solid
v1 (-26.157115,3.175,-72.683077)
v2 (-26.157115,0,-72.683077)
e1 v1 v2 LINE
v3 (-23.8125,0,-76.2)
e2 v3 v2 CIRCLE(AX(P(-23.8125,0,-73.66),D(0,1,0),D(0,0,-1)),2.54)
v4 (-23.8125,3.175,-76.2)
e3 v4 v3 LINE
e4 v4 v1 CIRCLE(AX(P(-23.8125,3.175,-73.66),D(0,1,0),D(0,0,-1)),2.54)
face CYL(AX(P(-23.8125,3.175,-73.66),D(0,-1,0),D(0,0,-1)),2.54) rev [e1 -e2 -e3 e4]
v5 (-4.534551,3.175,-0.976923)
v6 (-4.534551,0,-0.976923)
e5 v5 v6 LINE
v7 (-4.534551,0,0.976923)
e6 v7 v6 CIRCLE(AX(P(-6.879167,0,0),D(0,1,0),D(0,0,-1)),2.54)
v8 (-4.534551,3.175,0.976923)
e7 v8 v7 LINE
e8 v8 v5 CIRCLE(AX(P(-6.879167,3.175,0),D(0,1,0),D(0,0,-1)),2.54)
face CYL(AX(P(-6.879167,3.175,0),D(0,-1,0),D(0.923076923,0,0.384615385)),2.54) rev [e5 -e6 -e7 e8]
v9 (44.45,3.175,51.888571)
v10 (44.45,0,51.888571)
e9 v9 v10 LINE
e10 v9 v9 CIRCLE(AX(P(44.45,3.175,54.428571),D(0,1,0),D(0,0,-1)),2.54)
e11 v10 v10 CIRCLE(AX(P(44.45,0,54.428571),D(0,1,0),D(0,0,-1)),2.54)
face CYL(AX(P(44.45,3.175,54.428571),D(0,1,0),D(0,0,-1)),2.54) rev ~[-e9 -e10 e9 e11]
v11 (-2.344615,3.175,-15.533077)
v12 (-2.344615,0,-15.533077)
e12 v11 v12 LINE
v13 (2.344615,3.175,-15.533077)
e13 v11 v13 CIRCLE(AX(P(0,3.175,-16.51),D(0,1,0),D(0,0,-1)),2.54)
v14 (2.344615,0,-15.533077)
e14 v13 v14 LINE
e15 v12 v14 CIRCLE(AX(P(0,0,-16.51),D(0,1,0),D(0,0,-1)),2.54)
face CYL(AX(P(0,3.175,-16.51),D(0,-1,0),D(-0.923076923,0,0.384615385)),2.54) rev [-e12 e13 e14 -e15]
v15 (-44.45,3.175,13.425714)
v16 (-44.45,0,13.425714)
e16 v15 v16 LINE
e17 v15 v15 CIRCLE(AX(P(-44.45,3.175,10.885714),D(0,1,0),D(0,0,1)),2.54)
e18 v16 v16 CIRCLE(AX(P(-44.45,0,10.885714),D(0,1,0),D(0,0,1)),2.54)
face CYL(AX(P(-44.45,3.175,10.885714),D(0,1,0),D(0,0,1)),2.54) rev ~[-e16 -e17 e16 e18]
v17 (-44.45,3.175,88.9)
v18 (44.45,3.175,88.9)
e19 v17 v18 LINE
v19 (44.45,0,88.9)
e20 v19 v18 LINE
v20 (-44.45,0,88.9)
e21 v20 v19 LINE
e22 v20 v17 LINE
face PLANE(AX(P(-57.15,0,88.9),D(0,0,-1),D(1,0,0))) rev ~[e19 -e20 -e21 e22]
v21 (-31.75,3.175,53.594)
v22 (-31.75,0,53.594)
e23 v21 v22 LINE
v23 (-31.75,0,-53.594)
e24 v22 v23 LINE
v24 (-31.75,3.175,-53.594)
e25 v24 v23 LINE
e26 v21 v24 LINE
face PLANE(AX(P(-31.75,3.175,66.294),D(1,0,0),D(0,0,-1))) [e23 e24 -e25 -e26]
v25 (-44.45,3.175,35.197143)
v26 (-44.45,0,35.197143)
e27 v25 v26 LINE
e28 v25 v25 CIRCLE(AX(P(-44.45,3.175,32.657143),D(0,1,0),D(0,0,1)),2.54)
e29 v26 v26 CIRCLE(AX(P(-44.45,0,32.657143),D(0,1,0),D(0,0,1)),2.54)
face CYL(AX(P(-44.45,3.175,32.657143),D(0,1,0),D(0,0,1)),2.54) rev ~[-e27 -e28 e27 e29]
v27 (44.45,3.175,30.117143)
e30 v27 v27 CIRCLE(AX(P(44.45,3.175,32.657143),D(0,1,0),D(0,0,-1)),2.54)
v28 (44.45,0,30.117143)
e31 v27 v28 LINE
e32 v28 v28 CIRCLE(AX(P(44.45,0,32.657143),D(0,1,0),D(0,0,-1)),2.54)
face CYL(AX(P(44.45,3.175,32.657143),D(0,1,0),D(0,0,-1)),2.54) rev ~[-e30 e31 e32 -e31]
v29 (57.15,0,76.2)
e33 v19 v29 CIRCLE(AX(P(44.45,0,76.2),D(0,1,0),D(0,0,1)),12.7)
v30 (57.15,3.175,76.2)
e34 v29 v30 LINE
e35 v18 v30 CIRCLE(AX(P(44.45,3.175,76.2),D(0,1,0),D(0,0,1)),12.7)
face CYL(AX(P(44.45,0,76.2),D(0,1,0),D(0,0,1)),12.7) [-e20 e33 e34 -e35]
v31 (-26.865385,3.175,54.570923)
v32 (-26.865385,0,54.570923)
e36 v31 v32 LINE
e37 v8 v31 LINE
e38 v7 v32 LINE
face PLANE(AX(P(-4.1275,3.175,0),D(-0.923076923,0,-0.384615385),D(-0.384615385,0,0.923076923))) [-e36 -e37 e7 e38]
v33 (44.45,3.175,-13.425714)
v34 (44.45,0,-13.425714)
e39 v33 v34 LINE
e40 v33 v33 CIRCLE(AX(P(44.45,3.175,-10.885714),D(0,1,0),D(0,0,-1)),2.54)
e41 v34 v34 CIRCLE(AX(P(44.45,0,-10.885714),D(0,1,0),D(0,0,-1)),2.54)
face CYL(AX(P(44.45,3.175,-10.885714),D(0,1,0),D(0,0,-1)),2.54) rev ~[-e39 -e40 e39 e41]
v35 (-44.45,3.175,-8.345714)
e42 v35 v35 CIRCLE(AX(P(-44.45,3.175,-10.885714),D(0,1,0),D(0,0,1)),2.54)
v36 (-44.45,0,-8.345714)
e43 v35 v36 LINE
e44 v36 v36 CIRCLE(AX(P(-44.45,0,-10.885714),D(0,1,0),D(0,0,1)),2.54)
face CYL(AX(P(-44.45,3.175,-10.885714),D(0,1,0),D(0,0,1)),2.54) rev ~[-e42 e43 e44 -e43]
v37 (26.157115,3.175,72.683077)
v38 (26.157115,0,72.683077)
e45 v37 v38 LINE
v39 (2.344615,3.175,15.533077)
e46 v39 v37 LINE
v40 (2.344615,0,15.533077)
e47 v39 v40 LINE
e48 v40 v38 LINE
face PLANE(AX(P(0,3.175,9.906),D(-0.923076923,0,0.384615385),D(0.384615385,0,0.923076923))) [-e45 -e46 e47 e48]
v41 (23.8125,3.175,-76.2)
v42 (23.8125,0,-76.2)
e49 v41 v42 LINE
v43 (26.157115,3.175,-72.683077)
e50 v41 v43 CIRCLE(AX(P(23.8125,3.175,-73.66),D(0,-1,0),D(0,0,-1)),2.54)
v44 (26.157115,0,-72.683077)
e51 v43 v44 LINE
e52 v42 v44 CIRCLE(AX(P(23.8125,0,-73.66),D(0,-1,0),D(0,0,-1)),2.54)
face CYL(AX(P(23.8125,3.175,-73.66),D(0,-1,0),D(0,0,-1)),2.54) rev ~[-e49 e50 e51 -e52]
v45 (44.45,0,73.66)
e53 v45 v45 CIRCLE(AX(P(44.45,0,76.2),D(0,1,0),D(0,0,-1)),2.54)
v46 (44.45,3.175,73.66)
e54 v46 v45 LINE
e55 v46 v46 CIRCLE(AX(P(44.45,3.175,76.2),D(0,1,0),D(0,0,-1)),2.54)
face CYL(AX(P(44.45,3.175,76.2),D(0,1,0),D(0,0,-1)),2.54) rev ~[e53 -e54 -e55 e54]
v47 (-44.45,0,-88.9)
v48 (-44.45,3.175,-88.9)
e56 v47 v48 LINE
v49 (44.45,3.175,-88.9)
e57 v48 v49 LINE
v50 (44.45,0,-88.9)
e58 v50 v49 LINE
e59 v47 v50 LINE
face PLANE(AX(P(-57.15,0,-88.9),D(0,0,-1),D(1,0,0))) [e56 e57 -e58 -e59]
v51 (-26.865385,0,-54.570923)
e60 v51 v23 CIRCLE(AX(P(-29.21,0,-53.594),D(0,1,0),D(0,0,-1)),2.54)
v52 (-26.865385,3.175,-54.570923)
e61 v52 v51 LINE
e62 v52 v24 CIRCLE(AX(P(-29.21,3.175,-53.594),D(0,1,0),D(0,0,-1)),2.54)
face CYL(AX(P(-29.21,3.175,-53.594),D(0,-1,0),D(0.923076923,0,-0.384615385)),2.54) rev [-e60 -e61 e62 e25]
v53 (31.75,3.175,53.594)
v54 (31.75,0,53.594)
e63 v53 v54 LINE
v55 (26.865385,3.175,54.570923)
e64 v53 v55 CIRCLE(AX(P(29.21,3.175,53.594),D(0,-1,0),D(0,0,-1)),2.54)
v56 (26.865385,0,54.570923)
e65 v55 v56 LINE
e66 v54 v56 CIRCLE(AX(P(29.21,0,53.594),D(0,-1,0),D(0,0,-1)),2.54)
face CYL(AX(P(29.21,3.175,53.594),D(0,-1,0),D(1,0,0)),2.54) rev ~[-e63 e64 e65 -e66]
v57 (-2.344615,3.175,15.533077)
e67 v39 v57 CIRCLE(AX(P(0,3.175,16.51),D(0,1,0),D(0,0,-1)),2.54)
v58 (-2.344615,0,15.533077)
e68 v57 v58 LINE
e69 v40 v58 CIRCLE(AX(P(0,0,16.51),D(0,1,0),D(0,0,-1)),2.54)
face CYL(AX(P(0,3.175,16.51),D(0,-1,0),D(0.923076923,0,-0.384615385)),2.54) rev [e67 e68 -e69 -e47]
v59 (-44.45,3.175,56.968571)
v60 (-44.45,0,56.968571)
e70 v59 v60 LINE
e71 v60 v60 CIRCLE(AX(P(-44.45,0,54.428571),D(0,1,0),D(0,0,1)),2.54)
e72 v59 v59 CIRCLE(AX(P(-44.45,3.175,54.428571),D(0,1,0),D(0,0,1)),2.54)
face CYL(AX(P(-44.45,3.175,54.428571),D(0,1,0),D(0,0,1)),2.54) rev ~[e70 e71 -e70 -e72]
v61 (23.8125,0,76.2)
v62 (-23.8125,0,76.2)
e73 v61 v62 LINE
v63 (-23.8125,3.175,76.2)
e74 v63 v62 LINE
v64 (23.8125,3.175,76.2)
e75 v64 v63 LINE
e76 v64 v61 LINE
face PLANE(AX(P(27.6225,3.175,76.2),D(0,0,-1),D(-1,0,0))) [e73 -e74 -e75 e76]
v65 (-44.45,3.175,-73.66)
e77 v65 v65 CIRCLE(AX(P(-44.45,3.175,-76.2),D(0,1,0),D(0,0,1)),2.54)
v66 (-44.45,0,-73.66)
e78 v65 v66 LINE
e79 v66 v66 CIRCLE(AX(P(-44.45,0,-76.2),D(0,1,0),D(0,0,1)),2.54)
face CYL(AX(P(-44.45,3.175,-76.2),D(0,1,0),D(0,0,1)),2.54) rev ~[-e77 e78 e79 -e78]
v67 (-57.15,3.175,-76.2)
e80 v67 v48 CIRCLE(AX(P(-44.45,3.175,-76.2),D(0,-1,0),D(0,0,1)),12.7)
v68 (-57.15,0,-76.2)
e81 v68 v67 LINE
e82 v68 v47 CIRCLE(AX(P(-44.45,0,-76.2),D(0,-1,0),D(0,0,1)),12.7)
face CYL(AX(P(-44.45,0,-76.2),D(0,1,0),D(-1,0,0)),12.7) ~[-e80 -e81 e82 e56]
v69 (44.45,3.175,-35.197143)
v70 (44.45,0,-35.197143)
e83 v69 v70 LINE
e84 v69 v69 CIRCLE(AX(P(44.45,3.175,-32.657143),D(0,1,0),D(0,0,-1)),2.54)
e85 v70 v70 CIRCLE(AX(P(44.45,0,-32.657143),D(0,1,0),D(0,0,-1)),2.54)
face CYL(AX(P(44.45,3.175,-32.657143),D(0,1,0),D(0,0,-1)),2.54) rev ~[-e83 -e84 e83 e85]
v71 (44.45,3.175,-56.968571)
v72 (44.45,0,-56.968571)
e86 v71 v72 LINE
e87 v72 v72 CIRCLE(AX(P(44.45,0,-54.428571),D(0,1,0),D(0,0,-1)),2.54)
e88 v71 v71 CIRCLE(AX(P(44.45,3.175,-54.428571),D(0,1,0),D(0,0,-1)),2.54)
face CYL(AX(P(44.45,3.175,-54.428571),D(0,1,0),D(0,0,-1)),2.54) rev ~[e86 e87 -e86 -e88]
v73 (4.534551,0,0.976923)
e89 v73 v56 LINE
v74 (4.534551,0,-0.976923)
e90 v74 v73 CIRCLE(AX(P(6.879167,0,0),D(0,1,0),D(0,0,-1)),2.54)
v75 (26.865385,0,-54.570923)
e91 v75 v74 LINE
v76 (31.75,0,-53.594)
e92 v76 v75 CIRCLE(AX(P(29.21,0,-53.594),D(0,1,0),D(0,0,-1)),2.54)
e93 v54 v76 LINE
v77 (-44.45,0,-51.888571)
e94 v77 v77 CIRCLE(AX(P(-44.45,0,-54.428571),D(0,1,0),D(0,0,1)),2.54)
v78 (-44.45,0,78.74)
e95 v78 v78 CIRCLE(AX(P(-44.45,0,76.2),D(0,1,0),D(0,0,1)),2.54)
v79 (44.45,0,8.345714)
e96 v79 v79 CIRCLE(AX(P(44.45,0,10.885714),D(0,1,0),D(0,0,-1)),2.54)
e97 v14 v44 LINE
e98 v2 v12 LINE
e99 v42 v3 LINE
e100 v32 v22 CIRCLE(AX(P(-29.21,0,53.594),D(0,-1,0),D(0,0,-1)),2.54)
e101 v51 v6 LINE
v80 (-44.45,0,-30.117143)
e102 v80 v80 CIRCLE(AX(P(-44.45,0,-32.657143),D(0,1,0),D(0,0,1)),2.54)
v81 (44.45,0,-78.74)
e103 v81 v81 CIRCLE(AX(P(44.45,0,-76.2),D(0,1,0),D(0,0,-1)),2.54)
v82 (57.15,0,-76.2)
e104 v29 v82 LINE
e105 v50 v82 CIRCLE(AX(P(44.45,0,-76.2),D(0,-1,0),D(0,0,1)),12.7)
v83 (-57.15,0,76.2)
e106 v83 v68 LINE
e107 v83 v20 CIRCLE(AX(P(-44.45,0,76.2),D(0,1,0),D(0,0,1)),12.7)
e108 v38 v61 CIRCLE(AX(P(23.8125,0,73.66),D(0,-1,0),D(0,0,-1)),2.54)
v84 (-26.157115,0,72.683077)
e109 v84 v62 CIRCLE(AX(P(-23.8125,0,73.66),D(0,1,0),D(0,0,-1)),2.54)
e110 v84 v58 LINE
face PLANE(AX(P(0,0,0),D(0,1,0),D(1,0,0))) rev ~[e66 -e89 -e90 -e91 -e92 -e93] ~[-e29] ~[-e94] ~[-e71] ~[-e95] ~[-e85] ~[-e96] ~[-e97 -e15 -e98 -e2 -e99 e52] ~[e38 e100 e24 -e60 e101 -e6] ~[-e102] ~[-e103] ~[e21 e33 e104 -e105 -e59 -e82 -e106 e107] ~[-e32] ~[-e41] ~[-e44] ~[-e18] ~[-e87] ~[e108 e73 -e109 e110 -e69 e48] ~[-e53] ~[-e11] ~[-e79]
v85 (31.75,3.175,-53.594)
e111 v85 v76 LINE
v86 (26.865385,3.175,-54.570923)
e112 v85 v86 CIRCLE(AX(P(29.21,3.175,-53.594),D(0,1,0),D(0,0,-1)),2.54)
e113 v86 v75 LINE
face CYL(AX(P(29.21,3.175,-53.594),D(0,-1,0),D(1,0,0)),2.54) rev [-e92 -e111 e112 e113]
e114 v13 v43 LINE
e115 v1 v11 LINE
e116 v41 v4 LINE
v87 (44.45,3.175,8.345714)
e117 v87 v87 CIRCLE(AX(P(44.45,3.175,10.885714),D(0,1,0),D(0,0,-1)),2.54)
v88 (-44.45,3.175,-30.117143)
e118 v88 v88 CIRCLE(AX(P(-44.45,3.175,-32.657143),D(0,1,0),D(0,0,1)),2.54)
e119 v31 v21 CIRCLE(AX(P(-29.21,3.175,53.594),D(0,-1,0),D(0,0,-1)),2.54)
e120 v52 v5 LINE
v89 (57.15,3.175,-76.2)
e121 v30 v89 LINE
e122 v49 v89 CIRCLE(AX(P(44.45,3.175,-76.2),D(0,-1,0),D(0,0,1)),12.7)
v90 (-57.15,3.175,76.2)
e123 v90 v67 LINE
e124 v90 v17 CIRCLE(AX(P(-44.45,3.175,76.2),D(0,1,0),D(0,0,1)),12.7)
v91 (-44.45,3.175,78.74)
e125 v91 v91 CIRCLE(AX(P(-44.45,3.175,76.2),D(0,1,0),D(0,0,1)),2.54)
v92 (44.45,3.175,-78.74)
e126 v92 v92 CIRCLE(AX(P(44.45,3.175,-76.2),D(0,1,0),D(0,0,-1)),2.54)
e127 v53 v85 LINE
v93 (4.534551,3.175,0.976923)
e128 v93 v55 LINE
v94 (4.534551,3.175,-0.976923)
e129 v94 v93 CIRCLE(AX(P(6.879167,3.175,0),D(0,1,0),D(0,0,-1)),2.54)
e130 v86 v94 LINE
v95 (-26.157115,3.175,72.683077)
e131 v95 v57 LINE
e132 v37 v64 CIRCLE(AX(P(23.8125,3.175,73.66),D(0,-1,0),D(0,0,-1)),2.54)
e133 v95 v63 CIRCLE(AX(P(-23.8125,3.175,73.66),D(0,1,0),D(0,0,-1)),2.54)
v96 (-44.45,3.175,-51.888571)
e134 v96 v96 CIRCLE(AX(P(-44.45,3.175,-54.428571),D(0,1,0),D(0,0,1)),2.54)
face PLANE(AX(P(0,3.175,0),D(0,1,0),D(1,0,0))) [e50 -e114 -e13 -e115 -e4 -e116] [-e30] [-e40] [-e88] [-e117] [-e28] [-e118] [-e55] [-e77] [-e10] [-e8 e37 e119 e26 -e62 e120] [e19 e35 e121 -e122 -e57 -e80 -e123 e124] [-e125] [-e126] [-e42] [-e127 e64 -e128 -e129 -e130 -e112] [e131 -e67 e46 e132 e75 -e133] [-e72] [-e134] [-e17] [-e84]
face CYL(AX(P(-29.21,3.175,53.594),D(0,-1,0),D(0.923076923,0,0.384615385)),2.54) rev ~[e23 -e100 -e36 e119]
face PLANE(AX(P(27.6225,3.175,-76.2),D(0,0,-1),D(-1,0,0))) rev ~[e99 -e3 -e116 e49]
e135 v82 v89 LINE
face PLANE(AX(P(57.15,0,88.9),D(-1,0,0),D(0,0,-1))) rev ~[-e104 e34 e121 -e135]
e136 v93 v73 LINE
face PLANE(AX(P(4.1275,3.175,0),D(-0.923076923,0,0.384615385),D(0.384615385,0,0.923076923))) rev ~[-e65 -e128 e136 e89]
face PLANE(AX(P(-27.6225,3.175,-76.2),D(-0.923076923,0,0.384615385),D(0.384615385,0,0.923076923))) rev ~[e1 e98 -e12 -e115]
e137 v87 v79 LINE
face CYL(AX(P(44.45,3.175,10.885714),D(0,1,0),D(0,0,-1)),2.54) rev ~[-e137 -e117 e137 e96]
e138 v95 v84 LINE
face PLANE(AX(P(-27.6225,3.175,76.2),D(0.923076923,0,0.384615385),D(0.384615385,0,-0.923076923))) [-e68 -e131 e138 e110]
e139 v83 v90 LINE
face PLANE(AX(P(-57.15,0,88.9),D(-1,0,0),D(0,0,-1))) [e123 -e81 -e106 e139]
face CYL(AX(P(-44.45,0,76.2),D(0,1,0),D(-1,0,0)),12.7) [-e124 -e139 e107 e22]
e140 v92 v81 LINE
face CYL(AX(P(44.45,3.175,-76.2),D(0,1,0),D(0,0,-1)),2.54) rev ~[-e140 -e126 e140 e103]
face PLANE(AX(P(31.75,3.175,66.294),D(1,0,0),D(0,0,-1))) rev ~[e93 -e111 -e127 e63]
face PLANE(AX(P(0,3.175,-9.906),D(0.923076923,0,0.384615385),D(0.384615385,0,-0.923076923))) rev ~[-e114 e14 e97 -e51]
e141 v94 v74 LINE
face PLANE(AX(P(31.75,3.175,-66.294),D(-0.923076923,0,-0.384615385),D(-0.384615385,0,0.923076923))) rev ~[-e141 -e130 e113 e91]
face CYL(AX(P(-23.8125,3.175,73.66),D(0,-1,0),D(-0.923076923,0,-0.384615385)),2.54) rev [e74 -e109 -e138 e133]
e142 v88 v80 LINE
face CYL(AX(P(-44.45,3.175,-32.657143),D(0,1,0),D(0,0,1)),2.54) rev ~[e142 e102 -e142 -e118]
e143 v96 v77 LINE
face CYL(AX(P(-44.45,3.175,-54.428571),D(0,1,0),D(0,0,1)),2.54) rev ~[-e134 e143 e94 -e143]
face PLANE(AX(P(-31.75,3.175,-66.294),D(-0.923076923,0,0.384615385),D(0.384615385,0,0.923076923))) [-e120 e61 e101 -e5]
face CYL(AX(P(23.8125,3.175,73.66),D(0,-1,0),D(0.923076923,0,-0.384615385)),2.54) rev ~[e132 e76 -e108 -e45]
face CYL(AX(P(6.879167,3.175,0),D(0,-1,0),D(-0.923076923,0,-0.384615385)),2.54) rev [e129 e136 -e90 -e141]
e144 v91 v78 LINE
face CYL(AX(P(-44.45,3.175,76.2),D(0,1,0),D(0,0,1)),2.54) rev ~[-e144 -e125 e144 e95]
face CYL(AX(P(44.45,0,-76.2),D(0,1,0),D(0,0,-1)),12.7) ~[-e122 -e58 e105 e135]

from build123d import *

# Parameters (mm, degrees)
SKETCH1_W           = 114.3
SKETCH1_H           = 177.8
BOSS_EXTRUDE1_DEPTH = 3.175
SKETCH2_R           = 2.54
CUT_EXTRUDE1_DEPTH  = 3.175
FILLET1_R           = 12.7
CUT_EXTRUDE2_DEPTH  = 106.732743864
FILLET2_R           = 2.54


with BuildPart() as part:
    # Sketch1 → Boss-Extrude1 (new body)
    with BuildSketch(Plane(origin=(0, 0, 0), x_dir=(1, 0, 0), z_dir=(0, 1, 0))):
        Rectangle(SKETCH1_W, SKETCH1_H)
    extrude(amount=BOSS_EXTRUDE1_DEPTH)

    # Sketch2 → Cut-Extrude1 (cut)
    with BuildSketch(Plane(origin=(0, 3.175, 0), x_dir=(1, 0, 0), z_dir=(0, 1, 0))):
        with Locations(Location((-44.45, 76.2, 0), (0, 0, 270))):
            Circle(SKETCH2_R)
        with Locations(Location((-44.45, 54.428571429, 0), (0, 0, 270))):
            Circle(SKETCH2_R)
        with Locations(Location((-44.45, 32.657142857, 0), (0, 0, 270))):
            Circle(SKETCH2_R)
        with Locations(Location((-44.45, 10.885714286, 0), (0, 0, 270))):
            Circle(SKETCH2_R)
        with Locations(Location((-44.45, -10.885714286, 0), (0, 0, 270))):
            Circle(SKETCH2_R)
        with Locations(Location((-44.45, -32.657142857, 0), (0, 0, 270))):
            Circle(SKETCH2_R)
        with Locations(Location((-44.45, -54.428571429, 0), (0, 0, 270))):
            Circle(SKETCH2_R)
        with Locations(Location((-44.45, -76.2, 0), (0, 0, 270))):
            Circle(SKETCH2_R)
        with Locations(Location((44.45, -76.2, 0), (0, 0, 90))):
            Circle(SKETCH2_R)
        with Locations(Location((44.45, -54.428571429, 0), (0, 0, 90))):
            Circle(SKETCH2_R)
        with Locations(Location((44.45, -32.657142857, 0), (0, 0, 90))):
            Circle(SKETCH2_R)
        with Locations(Location((44.45, -10.885714286, 0), (0, 0, 90))):
            Circle(SKETCH2_R)
        with Locations(Location((44.45, 10.885714286, 0), (0, 0, 90))):
            Circle(SKETCH2_R)
        with Locations(Location((44.45, 32.657142857, 0), (0, 0, 90))):
            Circle(SKETCH2_R)
        with Locations(Location((44.45, 54.428571429, 0), (0, 0, 90))):
            Circle(SKETCH2_R)
        with Locations(Location((44.45, 76.2, 0), (0, 0, 90))):
            Circle(SKETCH2_R)
    extrude(amount=-CUT_EXTRUDE1_DEPTH, mode=Mode.SUBTRACT)

    # Fillet1
    fillet1_edges = [part.edges().sort_by_distance(p)[0] for p in [
        (57.15, 1.5875, 88.9),
        (-57.15, 1.5875, 88.9),
        (-57.15, 1.5875, -88.9),
        (57.15, 1.5875, -88.9),
    ]]
    fillet(fillet1_edges, radius=FILLET1_R)

    # Sketch3 → Cut-Extrude2 (cut, through all)
    with BuildSketch(Plane(origin=(0, 3.175, 0), x_dir=(1, 0, 0), z_dir=(0, 1, 0))):
        Polygon((27.6225, -76.2), (-27.6225, -76.2), (0, -9.906), align=None)
        Polygon((31.75, -66.294), (31.75, 66.294), (4.1275, 0), align=None)
        Polygon((27.6225, 76.2), (-27.6225, 76.2), (0, 9.906), align=None)
        Polygon((-31.75, -66.294), (-31.75, 66.294), (-4.1275, 0), align=None)
    extrude(amount=-CUT_EXTRUDE2_DEPTH, mode=Mode.SUBTRACT)

    # Fillet2
    fillet2_edges = [part.edges().sort_by_distance(p)[0] for p in [
        (31.75, 1.5875, 66.294),
        (4.1275, 1.5875, 0),
        (31.75, 1.5875, -66.294),
        (-4.1275, 1.5875, 0),
        (-31.75, 1.5875, 66.294),
        (-31.75, 1.5875, -66.294),
        (0, 1.5875, -9.906),
        (-27.6225, 1.5875, -76.2),
        (27.6225, 1.5875, -76.2),
        (0, 1.5875, 9.906),
        (27.6225, 1.5875, 76.2),
        (-27.6225, 1.5875, 76.2),
    ]]
    fillet(fillet2_edges, radius=FILLET2_R)


solid = part.part
